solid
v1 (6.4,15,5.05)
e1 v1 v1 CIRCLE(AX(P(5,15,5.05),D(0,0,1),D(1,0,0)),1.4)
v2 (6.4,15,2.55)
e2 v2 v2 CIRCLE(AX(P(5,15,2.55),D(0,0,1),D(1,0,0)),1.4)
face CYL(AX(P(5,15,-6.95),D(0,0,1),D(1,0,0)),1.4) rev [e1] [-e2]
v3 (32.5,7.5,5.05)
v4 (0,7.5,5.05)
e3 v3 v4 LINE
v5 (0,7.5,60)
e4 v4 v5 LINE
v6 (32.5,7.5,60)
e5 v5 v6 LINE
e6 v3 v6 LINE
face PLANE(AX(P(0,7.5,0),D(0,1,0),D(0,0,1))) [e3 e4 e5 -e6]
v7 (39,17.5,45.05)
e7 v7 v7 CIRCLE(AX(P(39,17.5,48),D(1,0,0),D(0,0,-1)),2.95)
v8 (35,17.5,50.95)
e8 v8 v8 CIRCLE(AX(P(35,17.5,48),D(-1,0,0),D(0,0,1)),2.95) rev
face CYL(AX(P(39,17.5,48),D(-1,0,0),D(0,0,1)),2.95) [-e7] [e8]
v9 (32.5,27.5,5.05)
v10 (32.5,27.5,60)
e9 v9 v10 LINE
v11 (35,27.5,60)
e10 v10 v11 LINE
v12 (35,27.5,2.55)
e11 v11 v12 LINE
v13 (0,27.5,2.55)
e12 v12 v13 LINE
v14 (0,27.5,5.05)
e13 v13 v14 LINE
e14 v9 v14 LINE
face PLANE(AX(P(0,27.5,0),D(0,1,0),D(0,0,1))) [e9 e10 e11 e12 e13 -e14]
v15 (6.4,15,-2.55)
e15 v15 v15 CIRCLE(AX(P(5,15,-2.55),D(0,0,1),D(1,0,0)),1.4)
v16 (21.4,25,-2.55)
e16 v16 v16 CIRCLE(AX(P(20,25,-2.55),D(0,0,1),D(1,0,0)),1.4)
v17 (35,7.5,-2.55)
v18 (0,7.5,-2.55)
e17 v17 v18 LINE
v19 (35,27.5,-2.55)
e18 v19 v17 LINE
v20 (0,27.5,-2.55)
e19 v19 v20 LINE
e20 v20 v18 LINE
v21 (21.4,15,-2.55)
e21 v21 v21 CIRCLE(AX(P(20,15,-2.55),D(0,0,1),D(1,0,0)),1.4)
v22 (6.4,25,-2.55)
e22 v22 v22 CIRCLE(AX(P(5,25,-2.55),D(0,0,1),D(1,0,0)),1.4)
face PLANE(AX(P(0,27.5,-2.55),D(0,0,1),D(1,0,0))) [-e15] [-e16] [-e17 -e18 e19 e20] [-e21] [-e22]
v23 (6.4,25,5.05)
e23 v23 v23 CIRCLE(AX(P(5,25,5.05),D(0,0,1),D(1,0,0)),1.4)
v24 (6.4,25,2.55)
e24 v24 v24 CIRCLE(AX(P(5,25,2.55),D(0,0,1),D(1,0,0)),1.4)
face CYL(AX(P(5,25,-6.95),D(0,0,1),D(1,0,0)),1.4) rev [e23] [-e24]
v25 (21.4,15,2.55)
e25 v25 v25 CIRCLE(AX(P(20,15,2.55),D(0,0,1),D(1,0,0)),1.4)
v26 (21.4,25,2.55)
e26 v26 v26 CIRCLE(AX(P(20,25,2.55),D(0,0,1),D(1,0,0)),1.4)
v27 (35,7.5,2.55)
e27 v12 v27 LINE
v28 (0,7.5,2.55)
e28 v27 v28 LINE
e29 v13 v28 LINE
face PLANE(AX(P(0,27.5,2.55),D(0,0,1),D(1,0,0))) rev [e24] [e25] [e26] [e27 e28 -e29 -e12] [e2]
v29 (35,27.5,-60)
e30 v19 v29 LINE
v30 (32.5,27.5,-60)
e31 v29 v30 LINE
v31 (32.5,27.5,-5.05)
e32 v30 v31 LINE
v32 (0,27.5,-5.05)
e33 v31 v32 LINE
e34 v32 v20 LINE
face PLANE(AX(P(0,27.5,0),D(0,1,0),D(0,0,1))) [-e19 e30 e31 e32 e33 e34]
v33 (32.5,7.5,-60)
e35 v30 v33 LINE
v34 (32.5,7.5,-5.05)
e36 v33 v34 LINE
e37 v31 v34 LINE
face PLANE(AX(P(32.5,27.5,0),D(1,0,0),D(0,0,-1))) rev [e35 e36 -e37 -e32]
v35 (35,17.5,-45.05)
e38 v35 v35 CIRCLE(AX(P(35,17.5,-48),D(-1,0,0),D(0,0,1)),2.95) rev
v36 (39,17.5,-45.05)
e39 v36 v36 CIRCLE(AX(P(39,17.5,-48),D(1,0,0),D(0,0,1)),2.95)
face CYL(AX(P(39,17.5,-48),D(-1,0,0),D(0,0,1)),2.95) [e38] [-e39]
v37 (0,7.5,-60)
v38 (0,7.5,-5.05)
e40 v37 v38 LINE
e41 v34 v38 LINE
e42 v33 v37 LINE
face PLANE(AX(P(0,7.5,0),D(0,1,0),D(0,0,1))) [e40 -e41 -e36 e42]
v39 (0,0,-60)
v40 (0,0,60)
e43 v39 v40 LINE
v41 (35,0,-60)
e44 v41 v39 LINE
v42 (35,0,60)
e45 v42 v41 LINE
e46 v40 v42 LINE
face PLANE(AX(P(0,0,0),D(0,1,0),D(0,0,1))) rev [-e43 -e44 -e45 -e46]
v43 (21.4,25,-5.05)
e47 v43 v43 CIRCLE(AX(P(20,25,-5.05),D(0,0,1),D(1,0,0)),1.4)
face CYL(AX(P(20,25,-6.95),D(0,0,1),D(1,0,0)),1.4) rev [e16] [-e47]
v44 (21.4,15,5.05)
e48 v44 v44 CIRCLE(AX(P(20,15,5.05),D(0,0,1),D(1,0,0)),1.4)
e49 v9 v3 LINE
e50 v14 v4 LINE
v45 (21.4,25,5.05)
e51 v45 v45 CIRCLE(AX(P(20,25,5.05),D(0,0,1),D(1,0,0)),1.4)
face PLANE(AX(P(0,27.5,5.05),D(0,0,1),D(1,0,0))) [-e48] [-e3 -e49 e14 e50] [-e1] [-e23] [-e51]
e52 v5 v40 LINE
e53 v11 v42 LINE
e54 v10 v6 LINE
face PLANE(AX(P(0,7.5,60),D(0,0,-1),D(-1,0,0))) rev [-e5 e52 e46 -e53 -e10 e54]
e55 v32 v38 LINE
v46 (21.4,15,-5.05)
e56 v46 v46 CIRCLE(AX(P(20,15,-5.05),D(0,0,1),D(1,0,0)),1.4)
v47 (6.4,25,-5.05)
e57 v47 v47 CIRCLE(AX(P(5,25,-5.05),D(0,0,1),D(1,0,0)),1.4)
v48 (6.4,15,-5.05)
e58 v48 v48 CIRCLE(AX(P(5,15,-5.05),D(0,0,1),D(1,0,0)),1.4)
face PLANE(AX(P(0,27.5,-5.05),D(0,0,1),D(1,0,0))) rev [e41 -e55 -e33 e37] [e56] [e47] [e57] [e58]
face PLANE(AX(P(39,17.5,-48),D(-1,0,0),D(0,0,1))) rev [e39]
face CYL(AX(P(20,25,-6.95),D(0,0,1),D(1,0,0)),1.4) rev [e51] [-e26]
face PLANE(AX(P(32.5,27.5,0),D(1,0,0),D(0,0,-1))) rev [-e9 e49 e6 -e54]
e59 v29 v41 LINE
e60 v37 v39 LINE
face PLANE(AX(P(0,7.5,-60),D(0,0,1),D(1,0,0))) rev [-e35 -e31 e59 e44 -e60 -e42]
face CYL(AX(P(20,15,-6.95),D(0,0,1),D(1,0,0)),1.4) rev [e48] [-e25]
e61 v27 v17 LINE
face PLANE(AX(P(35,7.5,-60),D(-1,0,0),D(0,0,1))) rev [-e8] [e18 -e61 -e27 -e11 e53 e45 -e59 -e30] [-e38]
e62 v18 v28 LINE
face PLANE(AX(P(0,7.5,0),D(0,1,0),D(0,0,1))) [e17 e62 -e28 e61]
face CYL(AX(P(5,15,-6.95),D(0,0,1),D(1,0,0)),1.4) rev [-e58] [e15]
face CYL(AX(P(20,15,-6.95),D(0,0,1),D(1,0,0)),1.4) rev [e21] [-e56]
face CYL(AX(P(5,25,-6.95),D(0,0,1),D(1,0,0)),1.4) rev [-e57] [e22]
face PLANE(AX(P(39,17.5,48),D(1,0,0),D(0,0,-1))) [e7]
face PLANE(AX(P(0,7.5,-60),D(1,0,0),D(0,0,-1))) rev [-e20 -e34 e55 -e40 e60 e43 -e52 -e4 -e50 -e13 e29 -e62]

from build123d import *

# Parameters (mm, degrees)
SKETCH1_W           = 35
SKETCH1_H           = 120
BOSS_EXTRUDE1_DEPTH = 7.5
SKETCH2_W           = 32.5
SKETCH2_H           = 2.5
BOSS_EXTRUDE2_DEPTH = 20
SKETCH3_R           = 1.4
CUT_EXTRUDE1_DEPTH  = 12
SKETCH4_R           = 2.95
BOSS_EXTRUDE3_DEPTH = 4


with BuildPart() as part:
    # Sketch1 → Boss-Extrude1 (new body)
    with BuildSketch(Plane(origin=(0, 0, 0), x_dir=(1, 0, 0), z_dir=(0, 1, 0))):
        with Locations((17.5, 0)):
            Rectangle(SKETCH1_W, SKETCH1_H)
    extrude(amount=BOSS_EXTRUDE1_DEPTH)

    # Sketch2 → Boss-Extrude2 (add)
    with BuildSketch(Plane(origin=(0, 7.5, 0), x_dir=(1, 0, 0), z_dir=(0, 1, 0))):
        Polygon((35, 2.55), (35, 60), (32.5, 60), (32.5, 5.05), (32.5, 2.55), align=None)
        with Locations((16.25, 3.8)):
            Rectangle(SKETCH2_W, SKETCH2_H)
        with Locations((16.25, -3.8)):
            Rectangle(SKETCH2_W, SKETCH2_H)
        Polygon((35, -60), (35, -2.55), (32.5, -2.55), (32.5, -5.05), (32.5, -60), align=None)
    extrude(amount=BOSS_EXTRUDE2_DEPTH)

    # Sketch3 → Cut-Extrude1 (cut)
    with BuildSketch(Plane.XY.offset(5.05)):
        with Locations((5, 25)):
            Circle(SKETCH3_R)
        with Locations((5, 15)):
            Circle(SKETCH3_R)
        with Locations((20, 25)):
            Circle(SKETCH3_R)
        with Locations((20, 15)):
            Circle(SKETCH3_R)
    extrude(amount=-CUT_EXTRUDE1_DEPTH, mode=Mode.SUBTRACT)

    # Sketch4 → Boss-Extrude3 (add)
    with BuildSketch(Plane(origin=(35, 0, 0), x_dir=(0, 0, -1), z_dir=(1, 0, 0))):
        with Locations(Location((-48, 17.5, 0), (0, 0, 180))):
            Circle(SKETCH4_R)
        with Locations(Location((48, 17.5, 0), (0, 0, 180))):
            Circle(SKETCH4_R)
    extrude(amount=BOSS_EXTRUDE3_DEPTH)


solid = part.part
